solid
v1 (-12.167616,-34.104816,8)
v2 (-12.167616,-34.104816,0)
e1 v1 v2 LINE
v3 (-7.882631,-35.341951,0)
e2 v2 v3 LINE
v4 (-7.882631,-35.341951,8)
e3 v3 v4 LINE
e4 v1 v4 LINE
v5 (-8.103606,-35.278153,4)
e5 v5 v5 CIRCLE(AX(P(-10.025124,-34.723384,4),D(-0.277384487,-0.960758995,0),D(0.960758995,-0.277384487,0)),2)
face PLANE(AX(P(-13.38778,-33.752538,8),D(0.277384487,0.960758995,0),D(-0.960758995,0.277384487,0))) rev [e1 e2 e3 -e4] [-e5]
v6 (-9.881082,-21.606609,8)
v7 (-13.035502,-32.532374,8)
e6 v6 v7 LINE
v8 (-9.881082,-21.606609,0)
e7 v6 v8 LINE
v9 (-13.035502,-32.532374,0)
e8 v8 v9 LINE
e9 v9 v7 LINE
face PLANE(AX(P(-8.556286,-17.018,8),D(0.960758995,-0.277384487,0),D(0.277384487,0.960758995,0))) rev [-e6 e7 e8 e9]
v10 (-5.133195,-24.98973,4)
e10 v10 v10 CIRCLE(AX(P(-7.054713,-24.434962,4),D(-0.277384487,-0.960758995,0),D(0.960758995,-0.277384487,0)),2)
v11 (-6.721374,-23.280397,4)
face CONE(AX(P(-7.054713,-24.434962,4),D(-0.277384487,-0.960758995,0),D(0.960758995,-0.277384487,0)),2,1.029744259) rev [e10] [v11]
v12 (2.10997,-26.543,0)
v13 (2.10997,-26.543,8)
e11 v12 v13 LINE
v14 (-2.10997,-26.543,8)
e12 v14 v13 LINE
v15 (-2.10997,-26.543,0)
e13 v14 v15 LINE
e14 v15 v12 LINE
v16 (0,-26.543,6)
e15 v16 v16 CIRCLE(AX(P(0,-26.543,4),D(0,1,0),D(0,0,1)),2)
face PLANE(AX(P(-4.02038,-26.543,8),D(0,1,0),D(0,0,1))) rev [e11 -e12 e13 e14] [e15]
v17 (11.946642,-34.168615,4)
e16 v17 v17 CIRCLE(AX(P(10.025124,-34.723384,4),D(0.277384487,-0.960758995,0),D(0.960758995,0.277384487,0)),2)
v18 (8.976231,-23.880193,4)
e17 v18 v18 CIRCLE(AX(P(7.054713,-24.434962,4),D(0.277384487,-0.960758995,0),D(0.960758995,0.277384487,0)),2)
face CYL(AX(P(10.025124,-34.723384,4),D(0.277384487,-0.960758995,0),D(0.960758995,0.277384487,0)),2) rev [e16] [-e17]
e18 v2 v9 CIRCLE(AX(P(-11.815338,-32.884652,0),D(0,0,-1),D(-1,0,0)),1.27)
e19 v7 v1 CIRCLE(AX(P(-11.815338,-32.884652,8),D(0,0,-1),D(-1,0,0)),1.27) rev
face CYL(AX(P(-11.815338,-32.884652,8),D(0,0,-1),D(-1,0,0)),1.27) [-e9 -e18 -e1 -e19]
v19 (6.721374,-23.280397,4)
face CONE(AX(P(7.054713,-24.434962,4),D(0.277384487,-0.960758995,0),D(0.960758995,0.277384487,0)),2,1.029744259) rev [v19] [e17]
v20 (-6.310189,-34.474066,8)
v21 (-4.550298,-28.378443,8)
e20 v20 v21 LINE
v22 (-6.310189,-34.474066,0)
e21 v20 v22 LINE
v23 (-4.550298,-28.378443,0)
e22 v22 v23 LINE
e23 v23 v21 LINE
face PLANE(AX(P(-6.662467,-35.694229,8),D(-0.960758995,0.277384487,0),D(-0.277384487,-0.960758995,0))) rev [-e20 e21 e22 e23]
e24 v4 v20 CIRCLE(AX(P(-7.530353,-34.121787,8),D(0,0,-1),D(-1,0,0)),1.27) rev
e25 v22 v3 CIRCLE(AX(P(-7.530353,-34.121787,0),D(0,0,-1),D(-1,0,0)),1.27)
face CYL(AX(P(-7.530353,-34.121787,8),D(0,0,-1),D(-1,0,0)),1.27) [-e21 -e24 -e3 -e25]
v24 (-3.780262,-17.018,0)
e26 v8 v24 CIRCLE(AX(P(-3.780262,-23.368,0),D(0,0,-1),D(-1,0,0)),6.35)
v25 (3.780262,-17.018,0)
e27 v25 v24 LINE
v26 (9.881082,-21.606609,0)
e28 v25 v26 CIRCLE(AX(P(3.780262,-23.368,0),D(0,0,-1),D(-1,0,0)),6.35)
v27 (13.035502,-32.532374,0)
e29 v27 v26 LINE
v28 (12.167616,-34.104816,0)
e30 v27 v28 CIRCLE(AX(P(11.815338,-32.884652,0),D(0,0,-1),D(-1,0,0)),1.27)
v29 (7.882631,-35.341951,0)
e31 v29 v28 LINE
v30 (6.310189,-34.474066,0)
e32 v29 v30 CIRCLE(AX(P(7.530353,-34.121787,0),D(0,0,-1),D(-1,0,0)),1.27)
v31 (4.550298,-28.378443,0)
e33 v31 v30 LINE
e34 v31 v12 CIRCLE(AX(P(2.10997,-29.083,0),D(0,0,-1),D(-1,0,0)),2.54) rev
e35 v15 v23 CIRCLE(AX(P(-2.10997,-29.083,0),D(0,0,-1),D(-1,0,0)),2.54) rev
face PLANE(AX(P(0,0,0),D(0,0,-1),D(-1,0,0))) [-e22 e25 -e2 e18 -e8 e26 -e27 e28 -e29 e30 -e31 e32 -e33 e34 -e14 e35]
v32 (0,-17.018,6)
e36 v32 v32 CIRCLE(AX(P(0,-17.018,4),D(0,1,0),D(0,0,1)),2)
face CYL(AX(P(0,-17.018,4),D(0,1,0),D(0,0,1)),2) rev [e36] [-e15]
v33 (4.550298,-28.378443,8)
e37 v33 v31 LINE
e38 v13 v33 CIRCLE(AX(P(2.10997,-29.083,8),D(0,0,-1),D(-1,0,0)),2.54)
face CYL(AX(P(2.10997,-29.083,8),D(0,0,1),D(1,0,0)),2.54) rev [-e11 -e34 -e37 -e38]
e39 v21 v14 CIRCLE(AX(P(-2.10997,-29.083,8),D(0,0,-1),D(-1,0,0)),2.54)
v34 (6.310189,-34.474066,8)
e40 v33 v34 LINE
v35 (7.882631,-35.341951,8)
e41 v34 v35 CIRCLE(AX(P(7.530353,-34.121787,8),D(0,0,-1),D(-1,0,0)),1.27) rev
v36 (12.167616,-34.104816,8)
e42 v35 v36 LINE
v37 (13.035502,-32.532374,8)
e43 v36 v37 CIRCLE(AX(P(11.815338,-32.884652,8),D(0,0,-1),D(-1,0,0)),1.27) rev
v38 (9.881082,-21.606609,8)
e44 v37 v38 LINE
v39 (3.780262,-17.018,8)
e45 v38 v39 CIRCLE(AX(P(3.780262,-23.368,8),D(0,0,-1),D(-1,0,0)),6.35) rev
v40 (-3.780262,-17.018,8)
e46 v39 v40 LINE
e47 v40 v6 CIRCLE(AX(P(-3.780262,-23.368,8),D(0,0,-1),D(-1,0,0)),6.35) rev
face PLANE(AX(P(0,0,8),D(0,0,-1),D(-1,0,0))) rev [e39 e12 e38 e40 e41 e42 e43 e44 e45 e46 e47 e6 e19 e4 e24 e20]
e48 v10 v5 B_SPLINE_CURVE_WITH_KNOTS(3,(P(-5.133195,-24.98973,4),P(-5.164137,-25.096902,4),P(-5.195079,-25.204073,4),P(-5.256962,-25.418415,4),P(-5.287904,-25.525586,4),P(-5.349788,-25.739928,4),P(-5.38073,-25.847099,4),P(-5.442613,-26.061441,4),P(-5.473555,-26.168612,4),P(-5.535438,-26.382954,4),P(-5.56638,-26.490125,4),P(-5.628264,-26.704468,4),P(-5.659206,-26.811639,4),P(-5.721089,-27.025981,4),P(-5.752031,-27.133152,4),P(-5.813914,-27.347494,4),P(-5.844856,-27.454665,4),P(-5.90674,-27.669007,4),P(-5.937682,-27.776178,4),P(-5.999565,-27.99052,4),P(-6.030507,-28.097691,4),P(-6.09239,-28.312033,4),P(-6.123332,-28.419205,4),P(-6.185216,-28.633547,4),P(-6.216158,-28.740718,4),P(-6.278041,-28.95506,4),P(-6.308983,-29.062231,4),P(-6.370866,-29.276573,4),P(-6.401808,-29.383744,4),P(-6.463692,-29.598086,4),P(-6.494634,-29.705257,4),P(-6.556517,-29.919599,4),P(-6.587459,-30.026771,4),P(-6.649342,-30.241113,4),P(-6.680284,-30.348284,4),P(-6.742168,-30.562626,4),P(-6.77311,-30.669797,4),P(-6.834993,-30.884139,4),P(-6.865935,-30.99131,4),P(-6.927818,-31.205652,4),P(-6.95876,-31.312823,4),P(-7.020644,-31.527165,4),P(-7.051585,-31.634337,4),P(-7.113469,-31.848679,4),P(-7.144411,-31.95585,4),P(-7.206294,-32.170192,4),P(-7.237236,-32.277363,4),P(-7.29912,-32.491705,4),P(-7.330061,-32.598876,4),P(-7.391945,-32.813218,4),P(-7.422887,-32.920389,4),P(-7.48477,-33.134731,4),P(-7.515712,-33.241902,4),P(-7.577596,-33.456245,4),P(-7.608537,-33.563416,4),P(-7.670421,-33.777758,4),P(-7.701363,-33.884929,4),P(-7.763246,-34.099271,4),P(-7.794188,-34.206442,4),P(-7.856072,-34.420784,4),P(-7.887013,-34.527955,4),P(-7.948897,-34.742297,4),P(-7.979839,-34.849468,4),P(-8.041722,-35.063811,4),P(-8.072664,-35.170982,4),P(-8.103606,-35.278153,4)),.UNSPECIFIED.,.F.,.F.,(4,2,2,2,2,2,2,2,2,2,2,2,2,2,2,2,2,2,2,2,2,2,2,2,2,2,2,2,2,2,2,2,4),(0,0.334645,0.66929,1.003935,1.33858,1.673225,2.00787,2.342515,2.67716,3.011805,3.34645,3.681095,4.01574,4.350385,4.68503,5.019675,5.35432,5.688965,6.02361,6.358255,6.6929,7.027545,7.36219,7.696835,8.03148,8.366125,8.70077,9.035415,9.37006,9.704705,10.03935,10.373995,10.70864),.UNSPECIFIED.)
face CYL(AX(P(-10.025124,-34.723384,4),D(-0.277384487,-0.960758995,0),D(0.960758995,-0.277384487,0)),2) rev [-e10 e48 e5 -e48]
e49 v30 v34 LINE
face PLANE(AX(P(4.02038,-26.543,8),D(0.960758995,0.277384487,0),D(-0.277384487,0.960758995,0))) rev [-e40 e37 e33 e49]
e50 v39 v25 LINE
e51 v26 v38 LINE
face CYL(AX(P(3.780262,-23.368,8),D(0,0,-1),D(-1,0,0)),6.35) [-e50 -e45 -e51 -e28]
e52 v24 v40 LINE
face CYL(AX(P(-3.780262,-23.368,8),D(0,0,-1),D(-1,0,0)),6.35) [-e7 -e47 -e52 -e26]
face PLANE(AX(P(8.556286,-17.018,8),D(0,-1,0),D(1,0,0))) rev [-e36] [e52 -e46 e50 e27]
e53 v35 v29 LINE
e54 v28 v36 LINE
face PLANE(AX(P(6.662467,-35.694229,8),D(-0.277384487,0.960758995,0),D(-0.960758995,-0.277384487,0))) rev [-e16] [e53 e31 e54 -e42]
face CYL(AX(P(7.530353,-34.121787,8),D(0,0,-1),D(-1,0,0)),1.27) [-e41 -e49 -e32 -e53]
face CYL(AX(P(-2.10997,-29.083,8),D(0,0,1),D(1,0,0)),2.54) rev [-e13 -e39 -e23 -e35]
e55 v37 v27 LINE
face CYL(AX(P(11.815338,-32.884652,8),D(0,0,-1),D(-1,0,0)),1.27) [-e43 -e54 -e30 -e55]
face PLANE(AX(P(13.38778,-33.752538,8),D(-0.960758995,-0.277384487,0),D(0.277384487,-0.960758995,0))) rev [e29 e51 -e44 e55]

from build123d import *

# Parameters (mm, degrees)
BOSS_EXTRUDE1_DEPTH                 = 8
FILLET1_R                           = 6.35
FILLET2_R                           = 2.54
FILLET3_R                           = 1.27
F_8_32_TAPPED_HOLE3_D               = 4
F_8_32_TAPPED_HOLE3_DEPTH           = 10.70864
F_8_32_TAPPED_HOLE3_TIP             = 1.201721238
F_8_32_TAPPED_HOLE3_ON_FACE_2_D     = 4
F_8_32_TAPPED_HOLE3_ON_FACE_2_DEPTH = 10.70864
F_8_32_TAPPED_HOLE3_ON_FACE_2_TIP   = 1.201721238
F_8_32_TAPPED_HOLE3_ON_FACE_3_D     = 4
F_8_32_TAPPED_HOLE3_ON_FACE_3_DEPTH = 10.70864
F_8_32_TAPPED_HOLE3_ON_FACE_3_TIP   = 1.201721238


with BuildPart() as part:
    # Sketch1 → Boss-Extrude1 (new body)
    with BuildSketch(Plane.XY):
        Polygon((-13.387780392, -33.75253802), (-6.662467427, -35.694229428), (-4.020380191, -26.543), (4.020380191, -26.543), (6.662467427, -35.694229428), (13.387780392, -33.75253802), (8.556286476, -17.018), (-8.556286476, -17.018), align=None)
    extrude(amount=BOSS_EXTRUDE1_DEPTH)

    # Fillet1
    fillet1_edges = [part.edges().sort_by_distance(p)[0] for p in [
        (-8.556286476, -17.018, 4),
        (8.556286476, -17.018, 4),
    ]]
    fillet(fillet1_edges, radius=FILLET1_R)

    # Fillet2
    fillet2_edges = [part.edges().sort_by_distance(p)[0] for p in [
        (4.020380191, -26.543, 4),
        (-4.020380191, -26.543, 4),
    ]]
    fillet(fillet2_edges, radius=FILLET2_R)

    # Fillet3
    fillet3_edges = [part.edges().sort_by_distance(p)[0] for p in [
        (-6.662467427, -35.694229428, 4),
        (-13.387780392, -33.75253802, 4),
        (13.387780392, -33.75253802, 4),
        (6.662467427, -35.694229428, 4),
    ]]
    fillet(fillet3_edges, radius=FILLET3_R)

    # #8-32 Tapped Hole3
    with Locations(Plane(origin=(-10.02512391, -34.723383724, 4), x_dir=(-0.960758995019, 0.277384486751, 0), z_dir=(-0.277384486751, -0.960758995019, 0))):
        with Locations((0, 0)):
            Hole(F_8_32_TAPPED_HOLE3_D / 2, depth=F_8_32_TAPPED_HOLE3_DEPTH)
            with Locations((0, 0, -(F_8_32_TAPPED_HOLE3_DEPTH + F_8_32_TAPPED_HOLE3_TIP / 2))):  # 118° drill point
                Cone(0, F_8_32_TAPPED_HOLE3_D / 2, F_8_32_TAPPED_HOLE3_TIP, mode=Mode.SUBTRACT)

    # #8-32 Tapped Hole3 on face 2
    with Locations(Plane(origin=(10.02512391, -34.723383724, 4), x_dir=(-0.960759125121, -0.277384036124, 0), z_dir=(0.277384036124, -0.960759125121, 0))):
        with Locations((0, 0)):
            Hole(F_8_32_TAPPED_HOLE3_ON_FACE_2_D / 2, depth=F_8_32_TAPPED_HOLE3_ON_FACE_2_DEPTH)
            with Locations((0, 0, -(F_8_32_TAPPED_HOLE3_ON_FACE_2_DEPTH + F_8_32_TAPPED_HOLE3_ON_FACE_2_TIP / 2))):  # 118° drill point
                Cone(0, F_8_32_TAPPED_HOLE3_ON_FACE_2_D / 2, F_8_32_TAPPED_HOLE3_ON_FACE_2_TIP, mode=Mode.SUBTRACT)

    # #8-32 Tapped Hole3 on face 3
    with Locations(Plane(origin=(0, -17.018, 4), x_dir=(0, 0, 1), z_dir=(0, 1, 0))):
        with Locations((0, 0)):
            Hole(F_8_32_TAPPED_HOLE3_ON_FACE_3_D / 2, depth=F_8_32_TAPPED_HOLE3_ON_FACE_3_DEPTH)
            with Locations((0, 0, -(F_8_32_TAPPED_HOLE3_ON_FACE_3_DEPTH + F_8_32_TAPPED_HOLE3_ON_FACE_3_TIP / 2))):  # 118° drill point
                Cone(0, F_8_32_TAPPED_HOLE3_ON_FACE_3_D / 2, F_8_32_TAPPED_HOLE3_ON_FACE_3_TIP, mode=Mode.SUBTRACT)


solid = part.part
